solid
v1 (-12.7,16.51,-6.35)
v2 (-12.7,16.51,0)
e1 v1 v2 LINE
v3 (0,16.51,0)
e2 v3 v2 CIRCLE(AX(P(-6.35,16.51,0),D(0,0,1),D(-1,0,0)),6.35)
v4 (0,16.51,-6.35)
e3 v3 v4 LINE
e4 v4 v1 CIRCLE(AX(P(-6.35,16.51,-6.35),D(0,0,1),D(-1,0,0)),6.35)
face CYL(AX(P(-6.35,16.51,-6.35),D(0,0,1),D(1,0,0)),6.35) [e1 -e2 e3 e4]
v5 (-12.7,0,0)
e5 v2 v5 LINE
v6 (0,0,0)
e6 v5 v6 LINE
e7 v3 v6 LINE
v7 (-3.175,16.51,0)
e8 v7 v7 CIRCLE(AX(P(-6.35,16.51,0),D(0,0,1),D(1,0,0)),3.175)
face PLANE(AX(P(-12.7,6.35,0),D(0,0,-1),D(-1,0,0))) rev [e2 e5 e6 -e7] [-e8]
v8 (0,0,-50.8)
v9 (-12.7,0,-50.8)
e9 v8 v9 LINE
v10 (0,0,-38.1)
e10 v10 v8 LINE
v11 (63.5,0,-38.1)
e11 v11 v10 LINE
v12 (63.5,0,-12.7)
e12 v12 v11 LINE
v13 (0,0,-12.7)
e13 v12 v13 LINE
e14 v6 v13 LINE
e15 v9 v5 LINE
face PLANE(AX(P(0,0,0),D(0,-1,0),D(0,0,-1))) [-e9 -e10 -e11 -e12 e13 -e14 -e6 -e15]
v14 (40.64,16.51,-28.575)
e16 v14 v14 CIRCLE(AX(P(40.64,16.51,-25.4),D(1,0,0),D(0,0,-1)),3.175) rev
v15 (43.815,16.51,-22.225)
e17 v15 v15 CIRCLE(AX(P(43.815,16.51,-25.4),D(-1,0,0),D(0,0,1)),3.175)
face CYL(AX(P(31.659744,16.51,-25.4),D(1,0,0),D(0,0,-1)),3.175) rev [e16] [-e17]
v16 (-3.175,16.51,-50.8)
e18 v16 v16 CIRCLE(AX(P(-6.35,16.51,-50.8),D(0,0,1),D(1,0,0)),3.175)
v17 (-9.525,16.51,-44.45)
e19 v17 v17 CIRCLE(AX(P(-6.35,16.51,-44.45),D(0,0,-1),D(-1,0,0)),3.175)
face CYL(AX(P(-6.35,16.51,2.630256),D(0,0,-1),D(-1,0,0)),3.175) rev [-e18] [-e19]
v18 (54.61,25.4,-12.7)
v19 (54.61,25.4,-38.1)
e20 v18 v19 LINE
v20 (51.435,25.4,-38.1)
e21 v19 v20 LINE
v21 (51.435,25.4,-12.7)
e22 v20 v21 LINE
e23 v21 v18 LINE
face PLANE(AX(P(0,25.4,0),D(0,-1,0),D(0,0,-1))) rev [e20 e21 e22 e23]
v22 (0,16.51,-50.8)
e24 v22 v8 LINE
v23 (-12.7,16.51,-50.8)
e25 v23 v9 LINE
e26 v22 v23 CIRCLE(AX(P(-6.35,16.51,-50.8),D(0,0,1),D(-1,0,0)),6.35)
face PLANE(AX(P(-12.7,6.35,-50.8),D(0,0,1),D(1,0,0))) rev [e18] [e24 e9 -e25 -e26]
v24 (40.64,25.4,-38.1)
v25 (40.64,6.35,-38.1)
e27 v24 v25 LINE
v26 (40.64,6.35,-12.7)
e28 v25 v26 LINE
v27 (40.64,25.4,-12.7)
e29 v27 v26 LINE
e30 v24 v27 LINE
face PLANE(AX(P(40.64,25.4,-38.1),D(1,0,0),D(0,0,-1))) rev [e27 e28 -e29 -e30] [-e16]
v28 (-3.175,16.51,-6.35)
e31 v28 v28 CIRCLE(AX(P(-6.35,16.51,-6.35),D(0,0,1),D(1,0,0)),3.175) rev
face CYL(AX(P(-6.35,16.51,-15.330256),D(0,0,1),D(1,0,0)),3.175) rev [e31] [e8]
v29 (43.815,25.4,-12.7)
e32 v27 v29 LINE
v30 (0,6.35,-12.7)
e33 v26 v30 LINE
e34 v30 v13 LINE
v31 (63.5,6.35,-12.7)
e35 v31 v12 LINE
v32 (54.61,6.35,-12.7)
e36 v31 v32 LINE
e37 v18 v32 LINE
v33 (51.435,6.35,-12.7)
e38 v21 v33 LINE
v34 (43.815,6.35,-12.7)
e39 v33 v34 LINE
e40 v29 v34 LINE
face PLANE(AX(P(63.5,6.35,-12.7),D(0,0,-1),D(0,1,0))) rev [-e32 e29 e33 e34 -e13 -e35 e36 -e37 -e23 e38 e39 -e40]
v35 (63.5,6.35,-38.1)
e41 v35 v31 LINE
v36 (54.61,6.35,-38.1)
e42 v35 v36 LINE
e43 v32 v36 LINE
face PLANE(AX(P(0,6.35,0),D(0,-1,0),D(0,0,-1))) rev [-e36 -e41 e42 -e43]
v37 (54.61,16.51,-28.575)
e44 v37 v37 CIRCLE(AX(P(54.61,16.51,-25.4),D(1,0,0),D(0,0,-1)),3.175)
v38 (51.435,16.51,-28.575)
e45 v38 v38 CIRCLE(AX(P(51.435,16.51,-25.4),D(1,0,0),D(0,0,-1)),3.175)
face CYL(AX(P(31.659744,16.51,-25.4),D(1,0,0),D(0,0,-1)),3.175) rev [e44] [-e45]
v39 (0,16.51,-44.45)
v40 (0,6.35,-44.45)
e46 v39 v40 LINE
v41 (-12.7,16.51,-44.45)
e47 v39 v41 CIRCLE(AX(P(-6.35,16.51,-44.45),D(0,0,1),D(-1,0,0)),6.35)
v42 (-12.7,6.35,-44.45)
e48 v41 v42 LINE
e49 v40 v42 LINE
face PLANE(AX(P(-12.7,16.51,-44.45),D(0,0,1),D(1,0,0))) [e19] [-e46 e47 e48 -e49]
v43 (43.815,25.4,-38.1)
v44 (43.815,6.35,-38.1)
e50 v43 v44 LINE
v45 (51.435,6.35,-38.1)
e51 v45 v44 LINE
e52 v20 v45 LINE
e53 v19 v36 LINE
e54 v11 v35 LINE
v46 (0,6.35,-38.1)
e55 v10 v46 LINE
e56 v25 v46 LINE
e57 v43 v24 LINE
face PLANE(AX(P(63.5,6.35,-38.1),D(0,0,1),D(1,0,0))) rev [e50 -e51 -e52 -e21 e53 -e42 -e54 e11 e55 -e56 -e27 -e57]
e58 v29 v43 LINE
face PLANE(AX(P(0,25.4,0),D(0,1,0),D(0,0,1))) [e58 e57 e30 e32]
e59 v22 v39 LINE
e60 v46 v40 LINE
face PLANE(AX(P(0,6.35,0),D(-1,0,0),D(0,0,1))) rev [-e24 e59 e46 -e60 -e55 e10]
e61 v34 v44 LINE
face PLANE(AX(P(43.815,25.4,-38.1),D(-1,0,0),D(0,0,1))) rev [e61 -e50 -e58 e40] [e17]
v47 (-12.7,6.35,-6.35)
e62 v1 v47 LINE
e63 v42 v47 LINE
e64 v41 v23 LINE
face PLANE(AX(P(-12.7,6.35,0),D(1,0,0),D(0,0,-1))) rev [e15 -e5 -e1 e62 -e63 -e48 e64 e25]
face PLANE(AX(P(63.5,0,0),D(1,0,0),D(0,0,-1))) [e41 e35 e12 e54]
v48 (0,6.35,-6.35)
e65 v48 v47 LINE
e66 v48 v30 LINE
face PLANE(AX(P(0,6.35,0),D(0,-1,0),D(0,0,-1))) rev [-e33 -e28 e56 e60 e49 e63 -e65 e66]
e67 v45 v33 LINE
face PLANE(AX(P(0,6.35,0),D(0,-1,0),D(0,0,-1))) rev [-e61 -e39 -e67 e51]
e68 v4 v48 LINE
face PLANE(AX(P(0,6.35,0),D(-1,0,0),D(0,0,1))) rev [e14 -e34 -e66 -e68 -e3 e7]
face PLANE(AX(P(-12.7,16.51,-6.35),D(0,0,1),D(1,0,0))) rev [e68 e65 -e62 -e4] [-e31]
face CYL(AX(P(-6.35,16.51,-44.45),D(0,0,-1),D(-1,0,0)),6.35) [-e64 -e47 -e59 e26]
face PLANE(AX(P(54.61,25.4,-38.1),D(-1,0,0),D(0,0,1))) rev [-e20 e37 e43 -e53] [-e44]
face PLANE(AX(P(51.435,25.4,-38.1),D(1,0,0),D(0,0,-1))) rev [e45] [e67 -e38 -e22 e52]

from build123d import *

# Parameters (mm, degrees)
SKETCH1_W                         = 12.7
SKETCH1_H                         = 50.8
BASE_EXTRUDE_DEPTH                = 6.35
SKETCH6_W                         = 12.7
SKETCH6_H                         = 6.35
ARCH_BASE_EXTRUDE_DEPTH           = 10.16
ARCH_EXTRUDE_DEPTH                = 6.35
SKETCH3_R                         = 3.175
ARCH_HOLE_CUT_DEPTH               = 6.35
SKETCH4_W                         = 25.4
SKETCH4_H                         = 6.35
TAB_EXTRUDE_DEPTH                 = 63.5
SKETCH5_W                         = 3.175
SKETCH5_H                         = 25.4
SQUARE_SLIDE_GUIDES_EXTRUDE_DEPTH = 19.05
SKETCH14_R                        = 3.175
CUT_EXTRUDE3_DEPTH                = 13.97


with BuildPart() as part:
    # Sketch1 → Base Extrude (new body)
    with BuildSketch(Plane(origin=(0, 0, 0), x_dir=(1, 0, 0), z_dir=(0, 1, 0))):
        with Locations((-6.35, 25.4)):
            Rectangle(SKETCH1_W, SKETCH1_H)
    extrude(amount=BASE_EXTRUDE_DEPTH)

    # Sketch6 → Arch Base Extrude (add)
    with BuildSketch(Plane(origin=(0, 6.35, 0), x_dir=(1, 0, 0), z_dir=(0, 1, 0))):
        with Locations((-6.35, 3.175)):
            Rectangle(SKETCH6_W, SKETCH6_H)
    arch_base_extrude = extrude(amount=ARCH_BASE_EXTRUDE_DEPTH)

    # Mirror Arch Base: Arch Base Extrude across plane
    add(arch_base_extrude.mirror(Plane.XY.offset(-25.4)))

    # Sketch2 → Arch Extrude (add)
    with BuildSketch(Plane.XY):
        with BuildLine():
            Line((-12.7, 16.51), (0, 16.51))
            ThreePointArc((0, 16.51), (-6.35, 22.86), (-12.7, 16.51))
        make_face()
    arch_extrude = extrude(amount=-ARCH_EXTRUDE_DEPTH)

    # Sketch3 → Arch Hole Cut (cut)
    with BuildSketch(Plane.XY):
        with Locations((-6.35, 16.51)):
            Circle(SKETCH3_R)
    arch_hole_cut = extrude(amount=-ARCH_HOLE_CUT_DEPTH, mode=Mode.SUBTRACT)

    # Mirror Arch and Hole: Arch Extrude, Arch Hole Cut across plane
    add(arch_extrude.mirror(Plane.XY.offset(-25.4)))
    add(arch_hole_cut.mirror(Plane.XY.offset(-25.4)), mode=Mode.SUBTRACT)

    # Sketch4 → Tab Extrude (add)
    with BuildSketch(Plane(origin=(0, 0, 0), x_dir=(0, 0, -1), z_dir=(1, 0, 0))):
        with Locations((25.4, 3.175)):
            Rectangle(SKETCH4_W, SKETCH4_H)
    extrude(amount=TAB_EXTRUDE_DEPTH)

    # Sketch5 → Square Slide Guides Extrude (add)
    with BuildSketch(Plane(origin=(0, 6.35, 0), x_dir=(1, 0, 0), z_dir=(0, 1, 0))):
        with Locations((42.2275, 25.4)):
            Rectangle(SKETCH5_W, SKETCH5_H)
        with Locations((53.0225, 25.4)):
            Rectangle(SKETCH5_W, SKETCH5_H)
    extrude(amount=SQUARE_SLIDE_GUIDES_EXTRUDE_DEPTH)

    # Sketch14 → Cut-Extrude3 (cut)
    with BuildSketch(Plane(origin=(54.61, 0, 0), x_dir=(0, 0, -1), z_dir=(1, 0, 0))):
        with Locations((25.4, 16.51)):
            Circle(SKETCH14_R)
    extrude(amount=-CUT_EXTRUDE3_DEPTH, mode=Mode.SUBTRACT)


solid = part.part
